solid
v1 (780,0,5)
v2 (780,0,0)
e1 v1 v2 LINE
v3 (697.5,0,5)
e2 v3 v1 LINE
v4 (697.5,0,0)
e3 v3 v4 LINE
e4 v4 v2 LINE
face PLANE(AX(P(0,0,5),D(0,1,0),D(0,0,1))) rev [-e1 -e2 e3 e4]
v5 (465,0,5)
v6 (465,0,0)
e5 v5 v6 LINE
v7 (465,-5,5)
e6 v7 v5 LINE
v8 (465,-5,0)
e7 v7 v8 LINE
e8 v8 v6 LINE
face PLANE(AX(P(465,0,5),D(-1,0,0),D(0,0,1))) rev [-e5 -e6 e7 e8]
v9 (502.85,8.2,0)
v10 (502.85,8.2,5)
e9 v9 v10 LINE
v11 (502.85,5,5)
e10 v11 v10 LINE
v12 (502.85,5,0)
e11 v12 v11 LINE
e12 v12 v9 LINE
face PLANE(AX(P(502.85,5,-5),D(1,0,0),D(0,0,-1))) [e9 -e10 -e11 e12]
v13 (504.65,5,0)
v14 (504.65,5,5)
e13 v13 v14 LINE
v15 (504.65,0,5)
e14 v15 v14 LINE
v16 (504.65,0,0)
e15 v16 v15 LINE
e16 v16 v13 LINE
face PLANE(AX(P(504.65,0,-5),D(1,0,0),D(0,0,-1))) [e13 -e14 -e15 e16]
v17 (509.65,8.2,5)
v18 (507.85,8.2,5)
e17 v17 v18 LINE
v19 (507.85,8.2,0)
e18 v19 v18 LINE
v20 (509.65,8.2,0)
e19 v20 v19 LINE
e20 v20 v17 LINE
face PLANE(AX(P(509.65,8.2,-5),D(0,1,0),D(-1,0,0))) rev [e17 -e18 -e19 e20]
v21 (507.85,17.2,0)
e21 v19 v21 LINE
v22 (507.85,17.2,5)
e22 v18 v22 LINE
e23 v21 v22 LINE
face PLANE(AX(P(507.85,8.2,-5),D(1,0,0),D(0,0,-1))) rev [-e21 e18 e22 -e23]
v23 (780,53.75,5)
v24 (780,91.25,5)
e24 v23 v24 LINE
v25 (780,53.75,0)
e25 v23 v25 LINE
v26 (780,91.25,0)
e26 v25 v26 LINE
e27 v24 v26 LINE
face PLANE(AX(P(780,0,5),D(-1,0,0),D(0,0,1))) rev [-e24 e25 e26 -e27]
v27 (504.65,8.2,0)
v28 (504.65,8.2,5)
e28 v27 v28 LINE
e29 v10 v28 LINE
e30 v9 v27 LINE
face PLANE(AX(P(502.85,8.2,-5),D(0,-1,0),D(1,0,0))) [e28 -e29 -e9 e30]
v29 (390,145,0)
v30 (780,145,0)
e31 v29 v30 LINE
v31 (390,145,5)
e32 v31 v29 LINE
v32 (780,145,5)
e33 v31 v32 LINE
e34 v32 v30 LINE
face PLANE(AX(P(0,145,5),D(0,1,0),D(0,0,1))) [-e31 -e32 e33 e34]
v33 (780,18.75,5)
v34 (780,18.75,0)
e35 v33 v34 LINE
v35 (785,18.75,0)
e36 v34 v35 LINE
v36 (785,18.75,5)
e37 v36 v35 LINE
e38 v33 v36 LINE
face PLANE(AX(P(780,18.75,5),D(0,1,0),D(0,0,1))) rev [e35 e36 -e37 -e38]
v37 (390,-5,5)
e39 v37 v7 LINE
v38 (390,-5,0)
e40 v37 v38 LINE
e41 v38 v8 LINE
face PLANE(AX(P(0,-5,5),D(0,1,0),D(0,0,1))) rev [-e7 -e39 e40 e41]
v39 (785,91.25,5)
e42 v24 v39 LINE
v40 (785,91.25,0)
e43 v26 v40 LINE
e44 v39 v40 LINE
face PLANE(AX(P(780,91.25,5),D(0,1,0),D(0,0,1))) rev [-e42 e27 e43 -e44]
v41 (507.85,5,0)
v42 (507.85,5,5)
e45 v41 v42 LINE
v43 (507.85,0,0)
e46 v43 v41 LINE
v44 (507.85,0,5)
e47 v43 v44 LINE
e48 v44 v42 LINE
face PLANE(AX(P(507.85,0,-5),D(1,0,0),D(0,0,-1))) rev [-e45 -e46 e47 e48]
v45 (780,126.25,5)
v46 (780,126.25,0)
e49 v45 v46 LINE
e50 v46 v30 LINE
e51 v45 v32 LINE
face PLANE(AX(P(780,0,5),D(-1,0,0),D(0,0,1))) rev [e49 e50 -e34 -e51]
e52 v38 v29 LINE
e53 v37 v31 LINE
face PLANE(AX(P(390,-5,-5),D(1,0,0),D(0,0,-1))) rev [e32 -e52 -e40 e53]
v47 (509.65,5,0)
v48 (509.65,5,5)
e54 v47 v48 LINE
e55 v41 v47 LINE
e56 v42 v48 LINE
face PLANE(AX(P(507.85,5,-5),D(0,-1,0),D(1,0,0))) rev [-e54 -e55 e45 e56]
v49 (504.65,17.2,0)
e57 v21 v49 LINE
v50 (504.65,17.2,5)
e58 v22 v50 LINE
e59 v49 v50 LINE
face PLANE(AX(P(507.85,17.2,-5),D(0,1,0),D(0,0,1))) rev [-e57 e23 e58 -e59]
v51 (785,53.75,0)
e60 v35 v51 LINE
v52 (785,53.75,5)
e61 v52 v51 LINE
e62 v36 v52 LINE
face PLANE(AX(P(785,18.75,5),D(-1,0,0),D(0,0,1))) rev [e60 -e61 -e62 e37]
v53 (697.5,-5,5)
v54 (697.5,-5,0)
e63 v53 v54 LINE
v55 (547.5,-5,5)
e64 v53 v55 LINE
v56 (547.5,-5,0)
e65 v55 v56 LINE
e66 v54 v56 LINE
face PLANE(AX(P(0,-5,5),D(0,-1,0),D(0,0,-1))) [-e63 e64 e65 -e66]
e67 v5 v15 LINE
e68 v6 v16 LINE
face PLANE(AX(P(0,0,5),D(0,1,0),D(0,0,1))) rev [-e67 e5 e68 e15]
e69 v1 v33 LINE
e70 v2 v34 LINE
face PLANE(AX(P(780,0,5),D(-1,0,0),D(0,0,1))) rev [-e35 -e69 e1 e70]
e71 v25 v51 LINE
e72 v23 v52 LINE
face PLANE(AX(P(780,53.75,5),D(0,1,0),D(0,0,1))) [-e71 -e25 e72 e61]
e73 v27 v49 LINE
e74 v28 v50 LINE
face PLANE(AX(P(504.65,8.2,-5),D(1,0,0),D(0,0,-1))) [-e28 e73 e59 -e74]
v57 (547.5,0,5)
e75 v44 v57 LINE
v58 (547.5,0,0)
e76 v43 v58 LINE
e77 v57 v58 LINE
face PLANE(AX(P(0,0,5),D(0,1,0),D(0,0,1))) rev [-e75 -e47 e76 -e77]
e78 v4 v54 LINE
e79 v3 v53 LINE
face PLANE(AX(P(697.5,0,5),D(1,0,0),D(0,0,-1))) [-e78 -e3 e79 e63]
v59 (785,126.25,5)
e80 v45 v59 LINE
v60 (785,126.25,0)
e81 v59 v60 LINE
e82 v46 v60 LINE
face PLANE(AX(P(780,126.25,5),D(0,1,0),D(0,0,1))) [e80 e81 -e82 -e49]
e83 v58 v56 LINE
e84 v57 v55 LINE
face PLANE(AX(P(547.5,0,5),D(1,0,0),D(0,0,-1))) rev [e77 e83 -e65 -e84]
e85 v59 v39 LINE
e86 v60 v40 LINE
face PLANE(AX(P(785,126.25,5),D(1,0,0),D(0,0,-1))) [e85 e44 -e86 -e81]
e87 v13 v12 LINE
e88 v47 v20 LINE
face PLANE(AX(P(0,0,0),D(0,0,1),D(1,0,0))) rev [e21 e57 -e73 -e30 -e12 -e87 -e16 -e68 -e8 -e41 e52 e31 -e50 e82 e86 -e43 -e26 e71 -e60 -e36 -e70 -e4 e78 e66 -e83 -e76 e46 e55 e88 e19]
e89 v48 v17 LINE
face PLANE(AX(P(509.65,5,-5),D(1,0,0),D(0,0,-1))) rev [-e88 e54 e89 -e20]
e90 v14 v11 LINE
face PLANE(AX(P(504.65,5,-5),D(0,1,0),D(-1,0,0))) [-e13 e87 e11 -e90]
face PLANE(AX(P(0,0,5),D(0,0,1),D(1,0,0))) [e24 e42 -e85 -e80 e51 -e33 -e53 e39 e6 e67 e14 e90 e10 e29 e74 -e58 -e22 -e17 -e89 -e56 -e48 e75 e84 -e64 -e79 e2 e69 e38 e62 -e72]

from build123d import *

# Parameters (mm, degrees)
CROQUIS1_W              = 780
CROQUIS1_H              = 145
CROQUIS1_W_2            = 150
CROQUIS1_H_2            = 5
CROQUIS1_W_3            = 5
CROQUIS1_H_3            = 35
SALIENTE_EXTRUIR1_DEPTH = 5
CORTAR_EXTRUIR1_DEPTH   = 10
CORTAR_EXTRUIR2_DEPTH   = 10


with BuildPart() as part:
    # Croquis1 → Saliente-Extruir1 (new body)
    with BuildSketch(Plane.XY):
        with Locations((390, 72.5)):
            Rectangle(CROQUIS1_W, CROQUIS1_H)
        with Locations((622.5, -2.5)):
            Rectangle(CROQUIS1_W_2, CROQUIS1_H_2)
        Polygon((390, 0), (315, 0), (315, -5), (465, -5), (465, 0), align=None)
        with Locations((157.5, -2.5)):
            Rectangle(CROQUIS1_W_2, CROQUIS1_H_2)
        with Locations((-2.5, 36.25)):
            Rectangle(CROQUIS1_W_3, CROQUIS1_H_3)
        with Locations((782.5, 36.25)):
            Rectangle(CROQUIS1_W_3, CROQUIS1_H_3)
        with Locations((782.5, 108.75)):
            Rectangle(CROQUIS1_W_3, CROQUIS1_H_3)
        with Locations((-2.5, 108.75)):
            Rectangle(CROQUIS1_W_3, CROQUIS1_H_3)
    extrude(amount=SALIENTE_EXTRUIR1_DEPTH)

    # Croquis2 → Cortar-Extruir1 (cut)
    with BuildSketch(Plane.XY.offset(5)):
        Polygon((275.35, 0), (272.15, 0), (272.15, 5), (270.35, 5), (270.35, 8.2), (272.15, 8.2), (272.15, 17.2), (275.35, 17.2), (275.35, 8.2), (277.15, 8.2), (277.15, 5), (275.35, 5), align=None)
        Polygon((507.85, 8.2), (507.85, 17.2), (504.65, 17.2), (504.65, 8.2), (502.85, 8.2), (502.85, 5), (504.65, 5), (504.65, 0), (507.85, 0), (507.85, 5), (509.65, 5), (509.65, 8.2), align=None)
    extrude(amount=-CORTAR_EXTRUIR1_DEPTH, mode=Mode.SUBTRACT)

    # Croquis3 → Cortar-Extruir2 (cut)
    with BuildSketch(Plane.XY.offset(5)):
        Polygon((390, -5), (390, 196.910235404), (-39.994271309, 207.613084807), (-47.647656294, -99.866874564), (0, -99.866874564), align=None)
    extrude(amount=-CORTAR_EXTRUIR2_DEPTH, mode=Mode.SUBTRACT)


solid = part.part
